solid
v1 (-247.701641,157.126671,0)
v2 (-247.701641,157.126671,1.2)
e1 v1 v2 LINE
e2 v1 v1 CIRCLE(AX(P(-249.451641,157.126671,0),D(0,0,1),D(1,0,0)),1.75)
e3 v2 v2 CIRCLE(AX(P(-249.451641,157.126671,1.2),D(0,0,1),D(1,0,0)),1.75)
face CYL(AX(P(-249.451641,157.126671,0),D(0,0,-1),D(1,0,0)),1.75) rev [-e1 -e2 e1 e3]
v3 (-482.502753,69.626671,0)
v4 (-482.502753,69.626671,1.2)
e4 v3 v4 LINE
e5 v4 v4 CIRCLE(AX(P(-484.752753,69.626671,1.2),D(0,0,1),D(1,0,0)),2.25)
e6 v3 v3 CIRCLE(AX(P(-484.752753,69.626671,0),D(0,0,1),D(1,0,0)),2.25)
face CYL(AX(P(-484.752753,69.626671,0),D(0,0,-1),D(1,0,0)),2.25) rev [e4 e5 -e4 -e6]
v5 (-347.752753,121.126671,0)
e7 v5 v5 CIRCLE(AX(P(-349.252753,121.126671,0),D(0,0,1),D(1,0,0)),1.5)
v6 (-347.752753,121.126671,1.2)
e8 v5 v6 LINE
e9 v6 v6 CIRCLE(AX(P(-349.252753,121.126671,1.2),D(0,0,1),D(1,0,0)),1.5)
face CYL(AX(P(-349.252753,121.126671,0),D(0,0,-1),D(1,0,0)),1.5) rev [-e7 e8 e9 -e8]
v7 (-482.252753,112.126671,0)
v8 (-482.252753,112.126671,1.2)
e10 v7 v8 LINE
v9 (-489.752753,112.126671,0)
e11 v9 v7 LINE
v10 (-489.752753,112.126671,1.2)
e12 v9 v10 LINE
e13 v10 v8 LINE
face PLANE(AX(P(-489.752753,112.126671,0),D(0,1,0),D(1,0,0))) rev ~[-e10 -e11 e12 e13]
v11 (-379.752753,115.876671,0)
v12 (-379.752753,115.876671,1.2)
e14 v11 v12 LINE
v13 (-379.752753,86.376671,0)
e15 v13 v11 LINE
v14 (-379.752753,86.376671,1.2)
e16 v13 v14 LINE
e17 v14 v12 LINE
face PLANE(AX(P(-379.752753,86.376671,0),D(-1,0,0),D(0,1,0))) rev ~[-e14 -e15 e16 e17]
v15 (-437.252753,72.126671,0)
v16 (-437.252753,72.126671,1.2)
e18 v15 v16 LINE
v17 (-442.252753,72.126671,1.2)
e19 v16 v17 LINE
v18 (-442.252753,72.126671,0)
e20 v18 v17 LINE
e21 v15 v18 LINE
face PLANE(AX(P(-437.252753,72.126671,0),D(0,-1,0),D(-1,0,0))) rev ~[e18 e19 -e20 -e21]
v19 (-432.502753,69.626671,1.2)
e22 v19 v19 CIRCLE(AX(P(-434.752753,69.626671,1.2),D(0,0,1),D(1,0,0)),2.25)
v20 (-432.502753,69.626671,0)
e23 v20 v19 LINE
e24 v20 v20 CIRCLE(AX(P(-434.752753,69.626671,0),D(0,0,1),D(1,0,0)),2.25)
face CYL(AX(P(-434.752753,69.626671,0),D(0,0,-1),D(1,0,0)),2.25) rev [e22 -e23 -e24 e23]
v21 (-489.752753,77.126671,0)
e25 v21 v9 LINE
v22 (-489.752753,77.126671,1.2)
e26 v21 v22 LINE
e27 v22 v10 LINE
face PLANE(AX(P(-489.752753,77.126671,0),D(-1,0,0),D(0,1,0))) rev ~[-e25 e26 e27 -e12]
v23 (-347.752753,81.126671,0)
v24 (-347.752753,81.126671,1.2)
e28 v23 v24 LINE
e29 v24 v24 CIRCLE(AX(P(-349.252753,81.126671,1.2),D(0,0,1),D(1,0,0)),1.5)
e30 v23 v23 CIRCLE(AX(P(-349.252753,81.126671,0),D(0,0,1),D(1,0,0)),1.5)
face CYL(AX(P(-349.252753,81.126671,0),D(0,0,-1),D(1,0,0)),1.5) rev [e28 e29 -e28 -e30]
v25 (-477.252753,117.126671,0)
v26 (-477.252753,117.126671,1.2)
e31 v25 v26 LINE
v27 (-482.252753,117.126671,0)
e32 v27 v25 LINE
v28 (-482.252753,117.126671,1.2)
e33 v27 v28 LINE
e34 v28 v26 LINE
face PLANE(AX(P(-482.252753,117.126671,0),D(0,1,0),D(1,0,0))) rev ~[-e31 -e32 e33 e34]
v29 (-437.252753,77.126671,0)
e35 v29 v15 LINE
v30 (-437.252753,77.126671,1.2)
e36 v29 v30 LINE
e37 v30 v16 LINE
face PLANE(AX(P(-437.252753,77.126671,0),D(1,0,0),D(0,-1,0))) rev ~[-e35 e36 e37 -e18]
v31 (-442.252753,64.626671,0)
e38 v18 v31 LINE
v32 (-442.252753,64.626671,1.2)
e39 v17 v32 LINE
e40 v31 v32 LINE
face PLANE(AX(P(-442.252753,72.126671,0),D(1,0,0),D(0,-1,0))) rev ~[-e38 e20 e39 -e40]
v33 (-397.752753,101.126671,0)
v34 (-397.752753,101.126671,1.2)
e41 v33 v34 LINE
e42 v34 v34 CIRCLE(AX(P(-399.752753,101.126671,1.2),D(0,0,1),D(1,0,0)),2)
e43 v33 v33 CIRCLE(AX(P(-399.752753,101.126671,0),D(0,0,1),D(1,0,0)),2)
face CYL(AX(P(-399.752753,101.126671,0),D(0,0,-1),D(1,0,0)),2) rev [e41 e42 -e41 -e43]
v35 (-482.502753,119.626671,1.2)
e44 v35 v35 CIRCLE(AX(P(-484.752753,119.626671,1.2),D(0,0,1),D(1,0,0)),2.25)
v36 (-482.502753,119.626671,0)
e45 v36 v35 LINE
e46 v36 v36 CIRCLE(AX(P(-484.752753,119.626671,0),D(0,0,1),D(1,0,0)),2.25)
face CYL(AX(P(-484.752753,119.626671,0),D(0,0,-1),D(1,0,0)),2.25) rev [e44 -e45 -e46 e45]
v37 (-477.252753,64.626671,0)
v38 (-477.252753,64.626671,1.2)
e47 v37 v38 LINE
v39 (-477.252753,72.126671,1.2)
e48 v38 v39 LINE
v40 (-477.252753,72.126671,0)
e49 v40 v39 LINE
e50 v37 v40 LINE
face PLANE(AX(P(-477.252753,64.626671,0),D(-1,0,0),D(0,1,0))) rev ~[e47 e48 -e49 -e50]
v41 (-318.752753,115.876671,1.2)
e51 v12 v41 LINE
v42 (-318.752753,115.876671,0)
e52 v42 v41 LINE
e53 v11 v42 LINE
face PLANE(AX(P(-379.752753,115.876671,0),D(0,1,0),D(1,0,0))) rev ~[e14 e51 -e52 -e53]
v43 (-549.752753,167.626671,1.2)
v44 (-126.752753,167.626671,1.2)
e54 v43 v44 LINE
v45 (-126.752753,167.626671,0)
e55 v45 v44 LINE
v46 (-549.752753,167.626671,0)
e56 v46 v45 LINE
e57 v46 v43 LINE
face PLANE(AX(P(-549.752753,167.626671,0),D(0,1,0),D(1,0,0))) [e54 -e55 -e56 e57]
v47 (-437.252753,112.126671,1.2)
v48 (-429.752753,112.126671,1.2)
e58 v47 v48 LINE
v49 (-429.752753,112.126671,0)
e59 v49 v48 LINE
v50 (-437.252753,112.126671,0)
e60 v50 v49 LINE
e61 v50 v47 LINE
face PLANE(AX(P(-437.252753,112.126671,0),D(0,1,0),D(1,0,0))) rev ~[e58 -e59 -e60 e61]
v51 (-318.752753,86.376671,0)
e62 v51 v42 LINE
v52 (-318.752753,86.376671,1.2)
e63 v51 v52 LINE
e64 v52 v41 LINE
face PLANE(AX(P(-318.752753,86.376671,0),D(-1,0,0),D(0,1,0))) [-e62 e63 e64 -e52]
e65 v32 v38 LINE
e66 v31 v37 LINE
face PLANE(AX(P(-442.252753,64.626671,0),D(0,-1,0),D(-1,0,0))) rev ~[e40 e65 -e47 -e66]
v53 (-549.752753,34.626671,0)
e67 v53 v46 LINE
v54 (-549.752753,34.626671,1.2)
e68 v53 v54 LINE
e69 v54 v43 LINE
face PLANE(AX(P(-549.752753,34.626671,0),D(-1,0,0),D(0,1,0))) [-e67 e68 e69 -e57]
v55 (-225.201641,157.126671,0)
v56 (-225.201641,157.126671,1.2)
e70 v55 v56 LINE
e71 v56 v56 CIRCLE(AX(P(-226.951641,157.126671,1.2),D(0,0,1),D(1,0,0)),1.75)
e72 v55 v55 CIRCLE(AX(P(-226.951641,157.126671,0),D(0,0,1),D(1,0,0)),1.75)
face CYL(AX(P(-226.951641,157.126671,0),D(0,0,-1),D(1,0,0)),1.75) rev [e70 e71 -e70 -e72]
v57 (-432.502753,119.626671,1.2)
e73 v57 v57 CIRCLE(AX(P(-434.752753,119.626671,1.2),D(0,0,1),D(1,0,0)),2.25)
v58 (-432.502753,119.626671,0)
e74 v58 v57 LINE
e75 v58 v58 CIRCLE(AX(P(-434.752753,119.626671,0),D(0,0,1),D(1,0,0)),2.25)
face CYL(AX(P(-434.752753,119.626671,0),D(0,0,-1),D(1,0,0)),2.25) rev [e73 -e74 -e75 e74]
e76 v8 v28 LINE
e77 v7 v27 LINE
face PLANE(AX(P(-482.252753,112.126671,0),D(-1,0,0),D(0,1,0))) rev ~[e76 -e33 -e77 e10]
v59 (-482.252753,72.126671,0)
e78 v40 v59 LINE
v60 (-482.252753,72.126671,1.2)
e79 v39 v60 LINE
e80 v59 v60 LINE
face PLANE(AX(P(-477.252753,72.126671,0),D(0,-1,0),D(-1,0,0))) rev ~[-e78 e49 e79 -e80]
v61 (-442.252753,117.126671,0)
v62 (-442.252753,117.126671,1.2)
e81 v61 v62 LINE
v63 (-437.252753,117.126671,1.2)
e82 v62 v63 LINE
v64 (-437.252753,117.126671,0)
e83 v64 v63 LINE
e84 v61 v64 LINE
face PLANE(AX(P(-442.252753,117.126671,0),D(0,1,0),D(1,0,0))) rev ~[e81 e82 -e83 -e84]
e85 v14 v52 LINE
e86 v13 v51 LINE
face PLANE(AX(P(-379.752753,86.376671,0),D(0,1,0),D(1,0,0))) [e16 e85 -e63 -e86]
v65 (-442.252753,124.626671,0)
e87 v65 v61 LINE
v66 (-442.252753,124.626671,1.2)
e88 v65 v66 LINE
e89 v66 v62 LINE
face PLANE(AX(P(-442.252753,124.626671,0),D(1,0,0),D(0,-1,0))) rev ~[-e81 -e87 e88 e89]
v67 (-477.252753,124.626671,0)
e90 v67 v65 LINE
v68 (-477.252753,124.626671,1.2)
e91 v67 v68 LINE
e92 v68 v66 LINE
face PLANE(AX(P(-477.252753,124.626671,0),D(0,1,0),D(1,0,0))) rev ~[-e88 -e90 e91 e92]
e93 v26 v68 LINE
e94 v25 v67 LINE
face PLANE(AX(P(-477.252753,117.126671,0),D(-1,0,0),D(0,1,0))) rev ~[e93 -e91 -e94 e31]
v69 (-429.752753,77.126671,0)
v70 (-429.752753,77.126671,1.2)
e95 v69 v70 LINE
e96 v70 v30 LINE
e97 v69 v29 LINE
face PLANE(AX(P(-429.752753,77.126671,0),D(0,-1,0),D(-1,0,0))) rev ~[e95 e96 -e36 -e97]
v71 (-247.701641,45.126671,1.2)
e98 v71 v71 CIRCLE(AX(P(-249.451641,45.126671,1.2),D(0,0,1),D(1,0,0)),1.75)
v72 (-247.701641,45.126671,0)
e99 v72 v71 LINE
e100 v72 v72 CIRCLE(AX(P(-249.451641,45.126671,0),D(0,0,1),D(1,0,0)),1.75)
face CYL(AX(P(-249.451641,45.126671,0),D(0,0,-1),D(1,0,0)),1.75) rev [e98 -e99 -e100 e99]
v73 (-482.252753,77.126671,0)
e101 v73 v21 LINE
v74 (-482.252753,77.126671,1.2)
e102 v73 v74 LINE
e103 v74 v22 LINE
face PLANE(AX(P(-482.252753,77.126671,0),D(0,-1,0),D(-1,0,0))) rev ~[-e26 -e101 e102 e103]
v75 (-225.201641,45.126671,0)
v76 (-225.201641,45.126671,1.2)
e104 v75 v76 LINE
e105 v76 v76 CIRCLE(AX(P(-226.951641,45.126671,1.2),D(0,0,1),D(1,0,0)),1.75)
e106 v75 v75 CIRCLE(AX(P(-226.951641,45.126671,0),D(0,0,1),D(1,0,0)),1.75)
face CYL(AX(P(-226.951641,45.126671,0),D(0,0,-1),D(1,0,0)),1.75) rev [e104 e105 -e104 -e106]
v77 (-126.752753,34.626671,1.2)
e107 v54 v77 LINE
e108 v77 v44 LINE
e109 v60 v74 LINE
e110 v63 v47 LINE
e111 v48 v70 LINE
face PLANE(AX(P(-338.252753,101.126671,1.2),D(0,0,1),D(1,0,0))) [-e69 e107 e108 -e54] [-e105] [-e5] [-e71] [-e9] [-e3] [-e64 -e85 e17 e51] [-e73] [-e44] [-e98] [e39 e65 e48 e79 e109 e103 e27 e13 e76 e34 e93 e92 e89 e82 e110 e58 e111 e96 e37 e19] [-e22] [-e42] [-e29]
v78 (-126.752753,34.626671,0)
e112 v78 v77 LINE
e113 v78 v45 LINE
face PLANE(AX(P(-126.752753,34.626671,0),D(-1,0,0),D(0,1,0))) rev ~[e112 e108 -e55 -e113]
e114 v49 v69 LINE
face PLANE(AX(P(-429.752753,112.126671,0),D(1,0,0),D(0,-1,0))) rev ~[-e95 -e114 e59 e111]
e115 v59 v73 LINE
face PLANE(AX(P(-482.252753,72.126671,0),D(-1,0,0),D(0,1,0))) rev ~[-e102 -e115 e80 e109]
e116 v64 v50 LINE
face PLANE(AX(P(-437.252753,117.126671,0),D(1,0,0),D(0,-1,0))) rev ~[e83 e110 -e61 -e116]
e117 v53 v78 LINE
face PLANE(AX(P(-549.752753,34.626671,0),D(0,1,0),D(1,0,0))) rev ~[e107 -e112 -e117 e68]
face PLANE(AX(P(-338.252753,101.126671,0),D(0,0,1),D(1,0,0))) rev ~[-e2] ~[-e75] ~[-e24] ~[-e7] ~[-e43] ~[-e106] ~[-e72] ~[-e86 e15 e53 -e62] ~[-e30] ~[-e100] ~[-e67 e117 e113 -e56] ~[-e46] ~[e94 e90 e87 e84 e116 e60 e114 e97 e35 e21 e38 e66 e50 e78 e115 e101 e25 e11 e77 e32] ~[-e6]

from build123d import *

# Parameters (mm, degrees)
ESQUISSE1_W        = 423
ESQUISSE1_H        = 133
ESQUISSE1_R        = 2.25
ESQUISSE1_R_2      = 1.5
ESQUISSE1_W_2      = 61
ESQUISSE1_H_2      = 29.5
ESQUISSE1_R_3      = 1.75
ESQUISSE1_R_4      = 2
BOSS_EXTRU_1_DEPTH = 1.2


with BuildPart() as part:
    # Esquisse1 → Boss.-Extru.1 (new body)
    with BuildSketch(Plane.XY):
        with Locations((-338.252753452, 101.126670585)):
            Rectangle(ESQUISSE1_W, ESQUISSE1_H)
        with Locations((-484.752753452, 69.626670585)):
            Circle(ESQUISSE1_R, mode=Mode.SUBTRACT)
        Polygon((-482.252753452, 112.126670585), (-482.252753452, 117.126670585), (-477.252753452, 117.126670585), (-477.252753452, 124.626670585), (-442.252753452, 124.626670585), (-442.252753452, 117.126670585), (-437.252753452, 117.126670585), (-437.252753452, 112.126670585), (-429.752753452, 112.126670585), (-429.752753452, 77.126670585), (-437.252753452, 77.126670585), (-437.252753452, 72.126670585), (-442.252753452, 72.126670585), (-442.252753452, 64.626670585), (-477.252753452, 64.626670585), (-477.252753452, 72.126670585), (-482.252753452, 72.126670585), (-482.252753452, 77.126670585), (-489.752753452, 77.126670585), (-489.752753452, 112.126670585), align=None, mode=Mode.SUBTRACT)
        with Locations((-434.752753452, 69.626670585)):
            Circle(ESQUISSE1_R, mode=Mode.SUBTRACT)
        with Locations((-349.252753452, 81.126670585)):
            Circle(ESQUISSE1_R_2, mode=Mode.SUBTRACT)
        with Locations((-349.252753452, 101.126670585)):
            Rectangle(ESQUISSE1_W_2, ESQUISSE1_H_2, mode=Mode.SUBTRACT)
        with Locations((-249.451641066, 45.126670585)):
            Circle(ESQUISSE1_R_3, mode=Mode.SUBTRACT)
        with Locations((-226.951641066, 45.126670585)):
            Circle(ESQUISSE1_R_3, mode=Mode.SUBTRACT)
        with Locations((-484.752753452, 119.626670585)):
            Circle(ESQUISSE1_R, mode=Mode.SUBTRACT)
        with Locations((-399.752753452, 101.126670585)):
            Circle(ESQUISSE1_R_4, mode=Mode.SUBTRACT)
        with Locations((-434.752753452, 119.626670585)):
            Circle(ESQUISSE1_R, mode=Mode.SUBTRACT)
        with Locations((-349.252753452, 121.126670585)):
            Circle(ESQUISSE1_R_2, mode=Mode.SUBTRACT)
        with Locations((-249.451641066, 157.126670585)):
            Circle(ESQUISSE1_R_3, mode=Mode.SUBTRACT)
        with Locations((-226.951641066, 157.126670585)):
            Circle(ESQUISSE1_R_3, mode=Mode.SUBTRACT)
    extrude(amount=BOSS_EXTRU_1_DEPTH)


solid = part.part
